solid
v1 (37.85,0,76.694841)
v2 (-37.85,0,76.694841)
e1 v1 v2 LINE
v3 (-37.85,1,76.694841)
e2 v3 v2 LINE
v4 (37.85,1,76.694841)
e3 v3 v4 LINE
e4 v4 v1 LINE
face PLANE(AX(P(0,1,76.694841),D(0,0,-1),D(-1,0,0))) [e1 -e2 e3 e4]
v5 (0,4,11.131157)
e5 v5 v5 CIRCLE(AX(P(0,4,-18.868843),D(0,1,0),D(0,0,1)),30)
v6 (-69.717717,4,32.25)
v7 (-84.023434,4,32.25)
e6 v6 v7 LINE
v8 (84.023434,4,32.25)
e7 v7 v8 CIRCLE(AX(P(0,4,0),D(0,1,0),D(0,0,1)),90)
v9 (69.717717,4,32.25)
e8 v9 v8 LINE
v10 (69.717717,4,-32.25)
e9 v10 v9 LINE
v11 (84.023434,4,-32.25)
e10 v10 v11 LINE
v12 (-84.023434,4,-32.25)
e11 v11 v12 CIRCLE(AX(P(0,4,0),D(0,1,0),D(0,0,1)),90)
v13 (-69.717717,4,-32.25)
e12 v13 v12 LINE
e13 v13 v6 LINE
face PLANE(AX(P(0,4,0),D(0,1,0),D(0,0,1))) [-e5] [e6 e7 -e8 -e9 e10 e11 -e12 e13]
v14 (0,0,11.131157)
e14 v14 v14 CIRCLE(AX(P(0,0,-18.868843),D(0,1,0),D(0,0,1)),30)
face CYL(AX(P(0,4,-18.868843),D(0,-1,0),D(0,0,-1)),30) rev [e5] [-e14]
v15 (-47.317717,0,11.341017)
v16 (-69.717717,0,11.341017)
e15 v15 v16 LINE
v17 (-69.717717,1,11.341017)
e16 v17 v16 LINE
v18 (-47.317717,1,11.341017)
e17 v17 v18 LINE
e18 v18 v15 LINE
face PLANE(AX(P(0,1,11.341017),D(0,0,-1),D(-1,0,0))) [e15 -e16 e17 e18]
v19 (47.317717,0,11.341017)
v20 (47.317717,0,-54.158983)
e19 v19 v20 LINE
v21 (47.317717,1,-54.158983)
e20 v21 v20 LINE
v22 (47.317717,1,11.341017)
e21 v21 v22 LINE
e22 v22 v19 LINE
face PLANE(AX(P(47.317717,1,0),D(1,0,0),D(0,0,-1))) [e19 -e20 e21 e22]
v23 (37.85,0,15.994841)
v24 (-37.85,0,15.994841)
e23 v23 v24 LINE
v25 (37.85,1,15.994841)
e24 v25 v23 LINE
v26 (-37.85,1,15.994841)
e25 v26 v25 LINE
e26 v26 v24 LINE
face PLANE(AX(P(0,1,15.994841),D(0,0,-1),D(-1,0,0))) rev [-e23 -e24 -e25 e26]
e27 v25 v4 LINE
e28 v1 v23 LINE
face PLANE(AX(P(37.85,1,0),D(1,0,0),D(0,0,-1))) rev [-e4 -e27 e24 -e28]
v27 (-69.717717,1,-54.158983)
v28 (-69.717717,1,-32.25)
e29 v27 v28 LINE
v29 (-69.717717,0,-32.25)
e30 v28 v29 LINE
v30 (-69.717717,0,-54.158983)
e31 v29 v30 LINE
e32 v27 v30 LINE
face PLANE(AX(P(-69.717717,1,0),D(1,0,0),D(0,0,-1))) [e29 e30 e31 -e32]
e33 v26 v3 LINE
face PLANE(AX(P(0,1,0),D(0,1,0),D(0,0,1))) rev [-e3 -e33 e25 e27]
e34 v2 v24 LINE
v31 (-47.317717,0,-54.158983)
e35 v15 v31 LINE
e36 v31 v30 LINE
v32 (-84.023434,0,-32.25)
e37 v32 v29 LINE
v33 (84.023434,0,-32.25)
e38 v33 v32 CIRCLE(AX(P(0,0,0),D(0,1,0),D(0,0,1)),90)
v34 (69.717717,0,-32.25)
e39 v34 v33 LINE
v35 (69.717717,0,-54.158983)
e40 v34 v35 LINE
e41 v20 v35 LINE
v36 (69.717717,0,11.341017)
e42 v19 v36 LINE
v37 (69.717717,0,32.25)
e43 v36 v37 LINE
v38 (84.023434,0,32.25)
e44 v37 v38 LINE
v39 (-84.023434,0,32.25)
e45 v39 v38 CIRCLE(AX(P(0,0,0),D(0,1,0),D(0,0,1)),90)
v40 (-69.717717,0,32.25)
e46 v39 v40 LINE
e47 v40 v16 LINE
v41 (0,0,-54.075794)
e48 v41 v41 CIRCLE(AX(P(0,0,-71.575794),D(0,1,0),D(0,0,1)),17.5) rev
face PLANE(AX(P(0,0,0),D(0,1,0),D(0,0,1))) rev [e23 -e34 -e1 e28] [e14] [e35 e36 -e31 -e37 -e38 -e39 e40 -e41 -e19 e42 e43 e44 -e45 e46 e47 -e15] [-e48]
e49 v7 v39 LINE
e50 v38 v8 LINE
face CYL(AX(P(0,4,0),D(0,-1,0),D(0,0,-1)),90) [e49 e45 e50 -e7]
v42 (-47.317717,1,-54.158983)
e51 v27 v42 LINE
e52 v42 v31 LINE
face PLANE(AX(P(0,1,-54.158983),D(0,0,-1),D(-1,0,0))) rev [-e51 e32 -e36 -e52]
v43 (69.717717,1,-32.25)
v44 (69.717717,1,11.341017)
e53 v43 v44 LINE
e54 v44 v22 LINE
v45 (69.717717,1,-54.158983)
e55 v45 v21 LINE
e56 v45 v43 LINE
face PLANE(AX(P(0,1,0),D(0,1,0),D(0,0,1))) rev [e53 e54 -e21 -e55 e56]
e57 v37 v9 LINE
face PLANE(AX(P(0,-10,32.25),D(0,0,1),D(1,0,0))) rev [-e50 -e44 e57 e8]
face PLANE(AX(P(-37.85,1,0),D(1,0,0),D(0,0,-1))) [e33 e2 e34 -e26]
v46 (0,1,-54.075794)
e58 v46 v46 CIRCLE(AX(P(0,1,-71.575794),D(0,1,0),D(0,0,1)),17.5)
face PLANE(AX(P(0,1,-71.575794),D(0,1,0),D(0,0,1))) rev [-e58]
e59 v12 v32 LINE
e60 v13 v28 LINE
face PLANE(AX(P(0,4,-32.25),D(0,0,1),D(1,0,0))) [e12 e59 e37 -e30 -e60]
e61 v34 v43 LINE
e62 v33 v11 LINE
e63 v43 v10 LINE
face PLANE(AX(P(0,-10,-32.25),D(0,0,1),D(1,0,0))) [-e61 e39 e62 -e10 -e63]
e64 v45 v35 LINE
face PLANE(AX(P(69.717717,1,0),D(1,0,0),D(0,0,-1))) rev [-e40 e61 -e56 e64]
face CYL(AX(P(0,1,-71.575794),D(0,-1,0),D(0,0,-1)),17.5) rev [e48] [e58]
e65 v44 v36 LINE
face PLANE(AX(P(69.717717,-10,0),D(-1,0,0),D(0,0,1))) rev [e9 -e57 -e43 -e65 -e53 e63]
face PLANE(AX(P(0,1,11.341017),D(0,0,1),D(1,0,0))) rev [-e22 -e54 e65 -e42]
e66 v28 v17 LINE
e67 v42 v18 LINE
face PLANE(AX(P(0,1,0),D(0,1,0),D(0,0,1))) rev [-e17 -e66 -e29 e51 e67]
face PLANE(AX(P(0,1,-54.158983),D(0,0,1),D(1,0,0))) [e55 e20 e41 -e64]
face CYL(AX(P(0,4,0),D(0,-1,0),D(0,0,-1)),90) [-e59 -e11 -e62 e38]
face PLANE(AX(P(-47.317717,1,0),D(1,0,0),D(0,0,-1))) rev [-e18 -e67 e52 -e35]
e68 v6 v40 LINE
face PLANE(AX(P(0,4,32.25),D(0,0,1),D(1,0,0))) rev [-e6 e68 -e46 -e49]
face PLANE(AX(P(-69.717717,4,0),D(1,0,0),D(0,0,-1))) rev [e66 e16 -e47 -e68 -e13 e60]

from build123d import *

# Parameters (mm, degrees)
SKETCH_2_R               = 90
EXTRUDE_1_DEPTH          = 4
CUT_EXTRUDE_1_DEPTH      = 128.342059038
CUT_EXTRUDE_1_DEPTH_BACK = 10
CUT_EXTRUDE_2_DEPTH      = 1
CUT_EXTRUDE_2_DEPTH_BACK = 1
SKETCH_2_7_W             = 22.4
SKETCH_2_7_H             = 65.5
SKETCH_2_8_R             = 30
CUT_EXTRUDE_4_DEPTH      = 124.190655084
CUT_EXTRUDE_5_DEPTH      = 1
CUT_EXTRUDE_5_DEPTH_BACK = 1
SKETCH_2_9_W             = 75.7
SKETCH_2_9_H             = 60.7
CUT_EXTRUDE_6_DEPTH      = 1
CUT_EXTRUDE_6_DEPTH_BACK = 1
SKETCH_2_10_R            = 17.5


with BuildPart() as part:
    # 草圖2 → 填料-伸長1 (new body)
    with BuildSketch(Plane(origin=(0, 0, 0), x_dir=(1, 0, 0), z_dir=(0, 1, 0))):
        Circle(SKETCH_2_R)
    extrude(amount=EXTRUDE_1_DEPTH)

    # 草圖2<5> → 除料-伸長1 (cut, two sides: drawn at the far end of the back side and taken through both)
    with BuildSketch(Plane(origin=(0, 0, 0), x_dir=(1, 0, 0), z_dir=(0, 1, 0)).offset(-CUT_EXTRUDE_1_DEPTH_BACK)):
        with BuildLine():
            Line((84.023434231, 32.25), (69.717716958, 32.25))
            Line((69.717716958, 32.25), (69.717716958, -32.25))
            Line((69.717716958, -32.25), (84.023434231, -32.25))
            ThreePointArc((84.023434231, -32.25), (90, 0), (84.023434231, 32.25))
        make_face()
        with BuildLine():
            Line((-69.717716958, 32.25), (-84.023434231, 32.25))
            ThreePointArc((-84.023434231, 32.25), (-90, 0), (-84.023434231, -32.25))
            Line((-84.023434231, -32.25), (-69.717716958, -32.25))
            Line((-69.717716958, -32.25), (-69.717716958, 32.25))
        make_face()
    extrude(amount=CUT_EXTRUDE_1_DEPTH + CUT_EXTRUDE_1_DEPTH_BACK, mode=Mode.SUBTRACT)

    # 草圖2<7> → 除料-伸長2 (cut, two sides: drawn at the far end of the back side and taken through both)
    with BuildSketch(Plane(origin=(0, 0, 0), x_dir=(1, 0, 0), z_dir=(0, 1, 0)).offset(-CUT_EXTRUDE_2_DEPTH_BACK)):
        with Locations((58.517716958, 21.408982887)):
            Rectangle(SKETCH_2_7_W, SKETCH_2_7_H)
        with Locations((-58.517716958, 21.408982887)):
            Rectangle(SKETCH_2_7_W, SKETCH_2_7_H)
    extrude(amount=CUT_EXTRUDE_2_DEPTH + CUT_EXTRUDE_2_DEPTH_BACK, mode=Mode.SUBTRACT)

    # 草圖2<8> → 除料-伸長4 (cut, through all)
    with BuildSketch(Plane(origin=(0, 0, 0), x_dir=(1, 0, 0), z_dir=(0, 1, 0))):
        with Locations((0, 18.868843399)):
            Circle(SKETCH_2_8_R)
    extrude(amount=CUT_EXTRUDE_4_DEPTH, mode=Mode.SUBTRACT)

    # 草圖2<9> → 除料-伸長5 (cut, two sides: drawn at the far end of the back side and taken through both)
    with BuildSketch(Plane(origin=(0, 0, 0), x_dir=(1, 0, 0), z_dir=(0, 1, 0)).offset(-CUT_EXTRUDE_5_DEPTH_BACK)):
        with Locations((0, -46.344841494)):
            Rectangle(SKETCH_2_9_W, SKETCH_2_9_H)
    extrude(amount=CUT_EXTRUDE_5_DEPTH + CUT_EXTRUDE_5_DEPTH_BACK, mode=Mode.SUBTRACT)

    # 草圖2<10> → 除料-伸長6 (cut, two sides: drawn at the far end of the back side and taken through both)
    with BuildSketch(Plane(origin=(0, 0, 0), x_dir=(1, 0, 0), z_dir=(0, 1, 0)).offset(-CUT_EXTRUDE_6_DEPTH_BACK)):
        with Locations((0, 71.575794202)):
            Circle(SKETCH_2_10_R)
    extrude(amount=CUT_EXTRUDE_6_DEPTH + CUT_EXTRUDE_6_DEPTH_BACK, mode=Mode.SUBTRACT)


solid = part.part
